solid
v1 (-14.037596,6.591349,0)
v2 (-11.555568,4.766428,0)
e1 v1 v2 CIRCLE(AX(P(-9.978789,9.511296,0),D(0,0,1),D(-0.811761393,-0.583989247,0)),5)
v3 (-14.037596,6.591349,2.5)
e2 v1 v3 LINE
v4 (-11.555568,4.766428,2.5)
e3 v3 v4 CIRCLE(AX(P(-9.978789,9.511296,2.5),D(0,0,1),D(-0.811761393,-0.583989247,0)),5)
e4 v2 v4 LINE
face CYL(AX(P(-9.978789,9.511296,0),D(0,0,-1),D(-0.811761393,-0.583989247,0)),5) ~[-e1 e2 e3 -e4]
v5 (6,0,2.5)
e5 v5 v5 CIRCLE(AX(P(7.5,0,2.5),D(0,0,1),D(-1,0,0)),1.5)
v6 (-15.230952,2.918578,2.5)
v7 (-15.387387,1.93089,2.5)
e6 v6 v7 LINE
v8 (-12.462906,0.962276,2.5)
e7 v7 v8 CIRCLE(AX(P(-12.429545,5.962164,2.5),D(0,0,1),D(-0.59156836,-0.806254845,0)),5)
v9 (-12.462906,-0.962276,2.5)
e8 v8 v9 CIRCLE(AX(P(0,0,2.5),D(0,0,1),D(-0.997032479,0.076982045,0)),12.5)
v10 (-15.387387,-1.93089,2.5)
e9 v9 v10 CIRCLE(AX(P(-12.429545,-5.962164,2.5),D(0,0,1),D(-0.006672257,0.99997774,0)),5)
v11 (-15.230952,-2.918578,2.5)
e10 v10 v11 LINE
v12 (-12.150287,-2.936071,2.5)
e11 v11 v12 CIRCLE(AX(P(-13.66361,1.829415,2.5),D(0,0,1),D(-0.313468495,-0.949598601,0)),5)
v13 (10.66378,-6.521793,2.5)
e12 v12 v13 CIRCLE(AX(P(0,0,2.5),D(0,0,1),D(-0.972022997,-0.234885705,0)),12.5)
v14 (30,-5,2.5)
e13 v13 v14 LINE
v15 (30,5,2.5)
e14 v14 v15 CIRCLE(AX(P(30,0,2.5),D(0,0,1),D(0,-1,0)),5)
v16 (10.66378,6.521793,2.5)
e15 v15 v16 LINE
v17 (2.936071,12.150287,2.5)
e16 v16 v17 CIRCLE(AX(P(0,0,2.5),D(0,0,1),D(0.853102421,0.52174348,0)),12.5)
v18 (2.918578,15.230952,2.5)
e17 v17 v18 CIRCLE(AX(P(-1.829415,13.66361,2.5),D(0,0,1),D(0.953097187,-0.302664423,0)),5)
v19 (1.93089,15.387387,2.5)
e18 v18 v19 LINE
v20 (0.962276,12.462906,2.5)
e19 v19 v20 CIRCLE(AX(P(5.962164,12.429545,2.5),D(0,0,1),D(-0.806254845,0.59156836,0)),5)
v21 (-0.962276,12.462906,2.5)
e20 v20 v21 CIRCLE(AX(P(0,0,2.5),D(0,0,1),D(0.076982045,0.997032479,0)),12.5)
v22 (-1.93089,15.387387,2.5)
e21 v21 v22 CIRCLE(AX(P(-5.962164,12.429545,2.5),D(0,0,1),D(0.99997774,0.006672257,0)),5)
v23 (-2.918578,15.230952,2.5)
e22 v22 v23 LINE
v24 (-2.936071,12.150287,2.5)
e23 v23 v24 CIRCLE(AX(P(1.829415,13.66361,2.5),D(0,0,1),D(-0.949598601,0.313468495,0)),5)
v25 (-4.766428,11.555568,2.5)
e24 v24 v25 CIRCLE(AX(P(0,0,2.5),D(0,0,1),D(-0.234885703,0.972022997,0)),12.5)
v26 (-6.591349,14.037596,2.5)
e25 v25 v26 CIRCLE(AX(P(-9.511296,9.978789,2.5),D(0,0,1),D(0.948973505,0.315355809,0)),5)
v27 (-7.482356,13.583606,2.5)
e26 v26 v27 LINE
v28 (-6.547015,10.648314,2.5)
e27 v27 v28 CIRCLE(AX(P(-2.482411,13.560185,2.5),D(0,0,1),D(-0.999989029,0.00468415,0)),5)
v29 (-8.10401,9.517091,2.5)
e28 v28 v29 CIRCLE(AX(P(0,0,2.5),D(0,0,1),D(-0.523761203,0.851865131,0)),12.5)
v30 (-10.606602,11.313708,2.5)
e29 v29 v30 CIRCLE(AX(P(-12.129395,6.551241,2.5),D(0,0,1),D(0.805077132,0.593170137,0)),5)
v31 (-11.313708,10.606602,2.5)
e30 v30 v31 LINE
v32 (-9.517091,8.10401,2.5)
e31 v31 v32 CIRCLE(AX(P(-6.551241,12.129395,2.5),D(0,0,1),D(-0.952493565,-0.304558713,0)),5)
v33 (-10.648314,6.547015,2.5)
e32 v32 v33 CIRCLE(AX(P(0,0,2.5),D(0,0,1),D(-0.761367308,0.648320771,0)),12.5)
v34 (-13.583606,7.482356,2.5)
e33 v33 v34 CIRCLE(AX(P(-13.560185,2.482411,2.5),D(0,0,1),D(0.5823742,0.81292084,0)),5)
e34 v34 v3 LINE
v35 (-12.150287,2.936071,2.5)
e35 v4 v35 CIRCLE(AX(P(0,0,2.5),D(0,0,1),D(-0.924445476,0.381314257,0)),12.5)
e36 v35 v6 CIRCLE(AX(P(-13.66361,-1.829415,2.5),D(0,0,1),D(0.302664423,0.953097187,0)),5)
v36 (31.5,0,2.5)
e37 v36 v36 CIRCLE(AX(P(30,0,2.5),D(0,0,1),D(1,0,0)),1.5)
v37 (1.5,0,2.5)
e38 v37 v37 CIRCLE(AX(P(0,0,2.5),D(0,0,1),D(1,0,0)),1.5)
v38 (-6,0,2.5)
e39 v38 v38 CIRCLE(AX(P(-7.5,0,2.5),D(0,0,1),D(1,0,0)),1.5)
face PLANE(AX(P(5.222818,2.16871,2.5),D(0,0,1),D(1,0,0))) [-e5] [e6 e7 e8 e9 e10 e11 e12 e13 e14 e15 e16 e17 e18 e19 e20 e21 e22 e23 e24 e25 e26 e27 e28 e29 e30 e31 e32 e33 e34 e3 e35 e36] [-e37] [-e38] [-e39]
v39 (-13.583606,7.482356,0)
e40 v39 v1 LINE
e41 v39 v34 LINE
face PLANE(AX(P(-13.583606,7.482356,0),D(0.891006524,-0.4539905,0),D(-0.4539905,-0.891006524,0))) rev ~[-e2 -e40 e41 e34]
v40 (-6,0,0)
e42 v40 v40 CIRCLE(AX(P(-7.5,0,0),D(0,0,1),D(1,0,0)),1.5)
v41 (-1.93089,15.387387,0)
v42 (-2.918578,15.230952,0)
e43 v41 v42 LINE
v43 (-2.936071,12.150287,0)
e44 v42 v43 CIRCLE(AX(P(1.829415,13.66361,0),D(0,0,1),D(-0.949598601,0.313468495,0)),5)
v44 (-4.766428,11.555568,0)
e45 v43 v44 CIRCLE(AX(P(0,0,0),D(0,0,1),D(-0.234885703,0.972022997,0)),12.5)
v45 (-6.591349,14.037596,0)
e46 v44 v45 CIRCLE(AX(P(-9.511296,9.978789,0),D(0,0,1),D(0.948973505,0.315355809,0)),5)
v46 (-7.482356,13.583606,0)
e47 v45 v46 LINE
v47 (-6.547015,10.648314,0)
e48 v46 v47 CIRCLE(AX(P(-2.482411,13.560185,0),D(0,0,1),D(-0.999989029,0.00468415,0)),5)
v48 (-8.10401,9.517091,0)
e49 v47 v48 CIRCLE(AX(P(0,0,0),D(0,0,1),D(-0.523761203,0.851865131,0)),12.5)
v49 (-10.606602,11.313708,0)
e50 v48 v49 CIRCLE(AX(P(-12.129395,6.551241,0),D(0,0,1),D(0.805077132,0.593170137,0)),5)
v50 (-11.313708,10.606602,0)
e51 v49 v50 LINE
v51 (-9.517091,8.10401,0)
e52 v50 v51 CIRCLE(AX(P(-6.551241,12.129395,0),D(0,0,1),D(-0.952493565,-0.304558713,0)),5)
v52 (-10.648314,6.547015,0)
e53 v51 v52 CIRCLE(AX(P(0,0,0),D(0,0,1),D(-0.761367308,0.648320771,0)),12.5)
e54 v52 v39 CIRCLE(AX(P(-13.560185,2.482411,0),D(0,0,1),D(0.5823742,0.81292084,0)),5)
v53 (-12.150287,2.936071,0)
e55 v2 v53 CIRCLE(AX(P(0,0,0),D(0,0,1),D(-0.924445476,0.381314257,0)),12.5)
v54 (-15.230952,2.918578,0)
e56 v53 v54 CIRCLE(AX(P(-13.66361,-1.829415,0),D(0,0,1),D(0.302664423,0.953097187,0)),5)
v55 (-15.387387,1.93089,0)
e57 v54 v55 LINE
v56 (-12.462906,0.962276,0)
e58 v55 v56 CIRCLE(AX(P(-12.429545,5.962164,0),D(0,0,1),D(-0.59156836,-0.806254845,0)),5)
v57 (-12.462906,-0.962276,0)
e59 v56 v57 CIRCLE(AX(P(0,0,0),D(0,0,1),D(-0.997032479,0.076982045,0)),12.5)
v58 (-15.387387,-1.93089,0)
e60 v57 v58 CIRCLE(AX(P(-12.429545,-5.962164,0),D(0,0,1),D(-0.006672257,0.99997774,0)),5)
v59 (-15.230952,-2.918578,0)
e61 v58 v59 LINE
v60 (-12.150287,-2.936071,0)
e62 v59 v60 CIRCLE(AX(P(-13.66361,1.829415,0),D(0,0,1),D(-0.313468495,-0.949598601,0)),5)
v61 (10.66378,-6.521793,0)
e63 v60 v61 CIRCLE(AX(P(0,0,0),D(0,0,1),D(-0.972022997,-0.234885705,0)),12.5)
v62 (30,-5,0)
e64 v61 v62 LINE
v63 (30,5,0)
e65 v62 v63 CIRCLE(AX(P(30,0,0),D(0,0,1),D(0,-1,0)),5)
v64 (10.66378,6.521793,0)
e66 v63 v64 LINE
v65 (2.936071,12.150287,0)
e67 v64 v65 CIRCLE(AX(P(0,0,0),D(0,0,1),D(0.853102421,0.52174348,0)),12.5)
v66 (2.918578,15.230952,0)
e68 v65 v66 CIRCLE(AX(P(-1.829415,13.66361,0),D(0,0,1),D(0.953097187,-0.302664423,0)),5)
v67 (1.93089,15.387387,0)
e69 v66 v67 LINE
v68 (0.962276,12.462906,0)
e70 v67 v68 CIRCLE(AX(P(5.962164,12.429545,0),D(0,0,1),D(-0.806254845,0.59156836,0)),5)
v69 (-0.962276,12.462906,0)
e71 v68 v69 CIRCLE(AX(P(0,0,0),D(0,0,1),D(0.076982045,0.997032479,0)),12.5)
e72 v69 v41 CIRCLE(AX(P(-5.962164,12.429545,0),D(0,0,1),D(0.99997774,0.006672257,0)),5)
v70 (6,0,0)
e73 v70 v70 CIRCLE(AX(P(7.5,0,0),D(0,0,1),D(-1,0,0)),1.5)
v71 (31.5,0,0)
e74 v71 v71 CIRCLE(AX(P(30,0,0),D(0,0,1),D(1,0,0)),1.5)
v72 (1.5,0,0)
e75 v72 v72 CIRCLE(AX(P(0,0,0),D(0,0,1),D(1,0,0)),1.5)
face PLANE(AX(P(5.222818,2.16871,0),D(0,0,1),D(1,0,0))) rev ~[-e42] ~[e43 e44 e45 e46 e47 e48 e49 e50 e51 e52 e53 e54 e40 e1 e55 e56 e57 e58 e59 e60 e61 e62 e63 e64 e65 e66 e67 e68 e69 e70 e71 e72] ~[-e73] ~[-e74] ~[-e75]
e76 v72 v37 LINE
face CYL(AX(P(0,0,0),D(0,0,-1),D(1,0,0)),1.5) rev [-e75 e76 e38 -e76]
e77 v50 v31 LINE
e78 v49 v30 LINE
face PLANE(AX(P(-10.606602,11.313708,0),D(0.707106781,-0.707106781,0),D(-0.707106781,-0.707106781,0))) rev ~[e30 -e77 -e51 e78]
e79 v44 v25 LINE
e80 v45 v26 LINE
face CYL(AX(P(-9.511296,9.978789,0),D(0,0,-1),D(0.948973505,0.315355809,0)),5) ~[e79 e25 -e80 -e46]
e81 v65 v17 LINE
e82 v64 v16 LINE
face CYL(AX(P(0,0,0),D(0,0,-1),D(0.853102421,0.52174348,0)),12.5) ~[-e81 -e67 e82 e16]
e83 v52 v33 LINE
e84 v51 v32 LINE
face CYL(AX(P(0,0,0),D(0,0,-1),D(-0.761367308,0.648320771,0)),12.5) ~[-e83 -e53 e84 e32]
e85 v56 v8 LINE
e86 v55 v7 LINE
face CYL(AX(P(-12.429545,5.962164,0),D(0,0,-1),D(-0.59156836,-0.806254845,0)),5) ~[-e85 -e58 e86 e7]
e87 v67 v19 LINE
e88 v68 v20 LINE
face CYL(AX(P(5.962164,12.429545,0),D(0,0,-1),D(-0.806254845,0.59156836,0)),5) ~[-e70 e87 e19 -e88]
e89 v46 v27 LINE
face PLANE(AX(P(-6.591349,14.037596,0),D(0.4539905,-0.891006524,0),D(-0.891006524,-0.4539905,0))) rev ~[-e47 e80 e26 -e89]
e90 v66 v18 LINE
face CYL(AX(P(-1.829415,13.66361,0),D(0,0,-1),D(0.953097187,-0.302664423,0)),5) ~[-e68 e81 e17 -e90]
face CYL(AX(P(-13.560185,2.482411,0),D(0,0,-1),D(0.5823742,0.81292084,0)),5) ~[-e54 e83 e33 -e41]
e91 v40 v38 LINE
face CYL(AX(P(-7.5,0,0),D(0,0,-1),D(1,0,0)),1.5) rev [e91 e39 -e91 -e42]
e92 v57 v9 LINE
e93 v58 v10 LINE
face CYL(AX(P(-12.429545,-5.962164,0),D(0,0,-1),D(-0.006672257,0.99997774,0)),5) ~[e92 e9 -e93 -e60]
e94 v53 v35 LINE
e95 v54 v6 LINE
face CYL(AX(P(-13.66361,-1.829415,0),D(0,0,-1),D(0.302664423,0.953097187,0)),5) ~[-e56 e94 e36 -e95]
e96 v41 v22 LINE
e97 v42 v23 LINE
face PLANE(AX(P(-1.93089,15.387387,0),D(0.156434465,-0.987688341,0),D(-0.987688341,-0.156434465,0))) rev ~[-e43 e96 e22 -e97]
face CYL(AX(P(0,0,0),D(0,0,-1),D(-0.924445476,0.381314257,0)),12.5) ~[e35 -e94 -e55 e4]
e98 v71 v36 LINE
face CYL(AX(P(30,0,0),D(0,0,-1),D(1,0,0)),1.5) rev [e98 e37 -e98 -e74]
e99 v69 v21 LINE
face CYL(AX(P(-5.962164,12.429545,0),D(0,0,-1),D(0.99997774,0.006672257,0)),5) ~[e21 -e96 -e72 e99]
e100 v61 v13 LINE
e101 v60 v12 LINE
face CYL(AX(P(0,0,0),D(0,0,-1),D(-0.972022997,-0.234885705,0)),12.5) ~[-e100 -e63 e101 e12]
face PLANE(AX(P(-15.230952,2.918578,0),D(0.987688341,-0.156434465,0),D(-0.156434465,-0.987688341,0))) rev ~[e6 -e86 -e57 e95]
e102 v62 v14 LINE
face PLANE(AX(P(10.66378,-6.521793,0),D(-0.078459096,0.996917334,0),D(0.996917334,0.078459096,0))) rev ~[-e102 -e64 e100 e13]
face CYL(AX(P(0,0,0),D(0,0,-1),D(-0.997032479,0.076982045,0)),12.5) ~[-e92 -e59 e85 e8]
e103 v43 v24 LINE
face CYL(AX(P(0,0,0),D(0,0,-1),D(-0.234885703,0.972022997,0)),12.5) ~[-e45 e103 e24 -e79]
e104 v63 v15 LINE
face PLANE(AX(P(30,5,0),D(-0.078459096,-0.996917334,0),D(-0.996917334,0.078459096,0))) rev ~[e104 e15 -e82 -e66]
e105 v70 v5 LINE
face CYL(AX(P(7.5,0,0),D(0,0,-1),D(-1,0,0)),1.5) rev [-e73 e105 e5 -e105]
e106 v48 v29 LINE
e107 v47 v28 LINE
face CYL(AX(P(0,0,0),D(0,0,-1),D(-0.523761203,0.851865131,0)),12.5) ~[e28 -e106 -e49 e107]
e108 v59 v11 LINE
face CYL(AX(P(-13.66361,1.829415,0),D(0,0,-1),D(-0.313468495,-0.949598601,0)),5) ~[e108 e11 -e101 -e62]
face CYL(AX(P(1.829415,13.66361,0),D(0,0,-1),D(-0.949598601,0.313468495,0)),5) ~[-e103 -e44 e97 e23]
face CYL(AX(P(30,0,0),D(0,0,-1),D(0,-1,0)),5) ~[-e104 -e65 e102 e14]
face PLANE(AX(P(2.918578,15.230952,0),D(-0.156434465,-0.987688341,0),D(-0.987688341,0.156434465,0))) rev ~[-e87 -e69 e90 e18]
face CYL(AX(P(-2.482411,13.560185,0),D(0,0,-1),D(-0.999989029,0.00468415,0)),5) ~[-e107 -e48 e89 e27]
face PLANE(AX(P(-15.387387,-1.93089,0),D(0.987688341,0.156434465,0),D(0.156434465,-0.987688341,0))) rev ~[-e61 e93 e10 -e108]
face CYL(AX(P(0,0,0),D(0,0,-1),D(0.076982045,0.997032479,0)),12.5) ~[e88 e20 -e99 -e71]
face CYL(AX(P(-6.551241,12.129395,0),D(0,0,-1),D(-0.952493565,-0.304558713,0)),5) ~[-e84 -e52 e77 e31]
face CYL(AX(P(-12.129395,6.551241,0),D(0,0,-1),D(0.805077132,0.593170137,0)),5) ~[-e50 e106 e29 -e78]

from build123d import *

# Parameters (mm, degrees)
SKETCH1_R           = 1.5
BOSS_EXTRUDE1_DEPTH = 2.5


with BuildPart() as part:
    # Sketch1 → Boss-Extrude1 (new body)
    with BuildSketch(Plane.XY):
        with BuildLine():
            Line((30, 5), (10.663780267, 6.521793497))
            ThreePointArc((10.663780267, 6.521793497), (7.359278279, 10.104010254), (2.936071308, 12.150287456))
            ThreePointArc((2.936071308, 12.150287456), (3.170504769, 13.6920006), (2.918578378, 15.230952047))
            Line((2.918578378, 15.230952047), (1.930890038, 15.387386512))
            ThreePointArc((1.930890038, 15.387386512), (1.215731652, 14.001606246), (0.962275561, 12.462905991))
            ThreePointArc((0.962275561, 12.462905991), (0, 12.5), (-0.962275561, 12.462905991))
            ThreePointArc((-0.962275561, 12.462905991), (-1.215731652, 14.001606246), (-1.930890038, 15.387386512))
            Line((-1.930890038, 15.387386512), (-2.918578378, 15.230952047))
            ThreePointArc((-2.918578378, 15.230952047), (-3.170504769, 13.6920006), (-2.936071308, 12.150287456))
            ThreePointArc((-2.936071308, 12.150287456), (-3.86271243, 11.888206454), (-4.766428193, 11.555568453))
            ThreePointArc((-4.766428193, 11.555568453), (-5.482963788, 12.940637118), (-6.591349484, 14.037596375))
            Line((-6.591349484, 14.037596375), (-7.482356008, 13.583605875))
            ThreePointArc((-7.482356008, 13.583605875), (-7.246390093, 12.042126537), (-6.54701506, 10.648314129))
            ThreePointArc((-6.54701506, 10.648314129), (-7.347315654, 10.11271243), (-8.104009624, 9.517091363))
            ThreePointArc((-8.104009624, 9.517091363), (-9.213485226, 10.612948266), (-10.606601718, 11.313708499))
            Line((-10.606601718, 11.313708499), (-11.313708499, 10.606601718))
            ThreePointArc((-11.313708499, 10.606601718), (-10.612948266, 9.213485226), (-9.517091363, 8.104009624))
            ThreePointArc((-9.517091363, 8.104009624), (-10.11271243, 7.347315654), (-10.648314129, 6.54701506))
            ThreePointArc((-10.648314129, 6.54701506), (-12.042126537, 7.246390093), (-13.583605875, 7.482356008))
            Line((-13.583605875, 7.482356008), (-14.037596375, 6.591349484))
            ThreePointArc((-14.037596375, 6.591349484), (-12.940637118, 5.482963788), (-11.555568453, 4.766428193))
            ThreePointArc((-11.555568453, 4.766428193), (-11.888206454, 3.86271243), (-12.150287456, 2.936071308))
            ThreePointArc((-12.150287456, 2.936071308), (-13.6920006, 3.170504769), (-15.230952047, 2.918578378))
            Line((-15.230952047, 2.918578378), (-15.387386512, 1.930890038))
            ThreePointArc((-15.387386512, 1.930890038), (-14.001606246, 1.215731652), (-12.462905991, 0.962275561))
            ThreePointArc((-12.462905991, 0.962275561), (-12.5, 0), (-12.462905991, -0.962275561))
            ThreePointArc((-12.462905991, -0.962275561), (-14.001606246, -1.215731652), (-15.387386512, -1.930890038))
            Line((-15.387386512, -1.930890038), (-15.230952047, -2.918578378))
            ThreePointArc((-15.230952047, -2.918578378), (-13.6920006, -3.170504769), (-12.150287456, -2.936071308))
            ThreePointArc((-12.150287456, -2.936071308), (-1.940818593, -12.348409743), (10.663780267, -6.521793497))
            Line((10.663780267, -6.521793497), (30, -5))
            ThreePointArc((30, -5), (35, 0), (30, 5))
        make_face()
        with Locations((30, 0)):
            Circle(SKETCH1_R, mode=Mode.SUBTRACT)
        Circle(SKETCH1_R, mode=Mode.SUBTRACT)
        with Locations((-7.5, 0)):
            Circle(SKETCH1_R, mode=Mode.SUBTRACT)
        with Locations(Location((7.5, 0, 0), (0, 0, 180))):
            Circle(SKETCH1_R, mode=Mode.SUBTRACT)
    extrude(amount=BOSS_EXTRUDE1_DEPTH)


solid = part.part
